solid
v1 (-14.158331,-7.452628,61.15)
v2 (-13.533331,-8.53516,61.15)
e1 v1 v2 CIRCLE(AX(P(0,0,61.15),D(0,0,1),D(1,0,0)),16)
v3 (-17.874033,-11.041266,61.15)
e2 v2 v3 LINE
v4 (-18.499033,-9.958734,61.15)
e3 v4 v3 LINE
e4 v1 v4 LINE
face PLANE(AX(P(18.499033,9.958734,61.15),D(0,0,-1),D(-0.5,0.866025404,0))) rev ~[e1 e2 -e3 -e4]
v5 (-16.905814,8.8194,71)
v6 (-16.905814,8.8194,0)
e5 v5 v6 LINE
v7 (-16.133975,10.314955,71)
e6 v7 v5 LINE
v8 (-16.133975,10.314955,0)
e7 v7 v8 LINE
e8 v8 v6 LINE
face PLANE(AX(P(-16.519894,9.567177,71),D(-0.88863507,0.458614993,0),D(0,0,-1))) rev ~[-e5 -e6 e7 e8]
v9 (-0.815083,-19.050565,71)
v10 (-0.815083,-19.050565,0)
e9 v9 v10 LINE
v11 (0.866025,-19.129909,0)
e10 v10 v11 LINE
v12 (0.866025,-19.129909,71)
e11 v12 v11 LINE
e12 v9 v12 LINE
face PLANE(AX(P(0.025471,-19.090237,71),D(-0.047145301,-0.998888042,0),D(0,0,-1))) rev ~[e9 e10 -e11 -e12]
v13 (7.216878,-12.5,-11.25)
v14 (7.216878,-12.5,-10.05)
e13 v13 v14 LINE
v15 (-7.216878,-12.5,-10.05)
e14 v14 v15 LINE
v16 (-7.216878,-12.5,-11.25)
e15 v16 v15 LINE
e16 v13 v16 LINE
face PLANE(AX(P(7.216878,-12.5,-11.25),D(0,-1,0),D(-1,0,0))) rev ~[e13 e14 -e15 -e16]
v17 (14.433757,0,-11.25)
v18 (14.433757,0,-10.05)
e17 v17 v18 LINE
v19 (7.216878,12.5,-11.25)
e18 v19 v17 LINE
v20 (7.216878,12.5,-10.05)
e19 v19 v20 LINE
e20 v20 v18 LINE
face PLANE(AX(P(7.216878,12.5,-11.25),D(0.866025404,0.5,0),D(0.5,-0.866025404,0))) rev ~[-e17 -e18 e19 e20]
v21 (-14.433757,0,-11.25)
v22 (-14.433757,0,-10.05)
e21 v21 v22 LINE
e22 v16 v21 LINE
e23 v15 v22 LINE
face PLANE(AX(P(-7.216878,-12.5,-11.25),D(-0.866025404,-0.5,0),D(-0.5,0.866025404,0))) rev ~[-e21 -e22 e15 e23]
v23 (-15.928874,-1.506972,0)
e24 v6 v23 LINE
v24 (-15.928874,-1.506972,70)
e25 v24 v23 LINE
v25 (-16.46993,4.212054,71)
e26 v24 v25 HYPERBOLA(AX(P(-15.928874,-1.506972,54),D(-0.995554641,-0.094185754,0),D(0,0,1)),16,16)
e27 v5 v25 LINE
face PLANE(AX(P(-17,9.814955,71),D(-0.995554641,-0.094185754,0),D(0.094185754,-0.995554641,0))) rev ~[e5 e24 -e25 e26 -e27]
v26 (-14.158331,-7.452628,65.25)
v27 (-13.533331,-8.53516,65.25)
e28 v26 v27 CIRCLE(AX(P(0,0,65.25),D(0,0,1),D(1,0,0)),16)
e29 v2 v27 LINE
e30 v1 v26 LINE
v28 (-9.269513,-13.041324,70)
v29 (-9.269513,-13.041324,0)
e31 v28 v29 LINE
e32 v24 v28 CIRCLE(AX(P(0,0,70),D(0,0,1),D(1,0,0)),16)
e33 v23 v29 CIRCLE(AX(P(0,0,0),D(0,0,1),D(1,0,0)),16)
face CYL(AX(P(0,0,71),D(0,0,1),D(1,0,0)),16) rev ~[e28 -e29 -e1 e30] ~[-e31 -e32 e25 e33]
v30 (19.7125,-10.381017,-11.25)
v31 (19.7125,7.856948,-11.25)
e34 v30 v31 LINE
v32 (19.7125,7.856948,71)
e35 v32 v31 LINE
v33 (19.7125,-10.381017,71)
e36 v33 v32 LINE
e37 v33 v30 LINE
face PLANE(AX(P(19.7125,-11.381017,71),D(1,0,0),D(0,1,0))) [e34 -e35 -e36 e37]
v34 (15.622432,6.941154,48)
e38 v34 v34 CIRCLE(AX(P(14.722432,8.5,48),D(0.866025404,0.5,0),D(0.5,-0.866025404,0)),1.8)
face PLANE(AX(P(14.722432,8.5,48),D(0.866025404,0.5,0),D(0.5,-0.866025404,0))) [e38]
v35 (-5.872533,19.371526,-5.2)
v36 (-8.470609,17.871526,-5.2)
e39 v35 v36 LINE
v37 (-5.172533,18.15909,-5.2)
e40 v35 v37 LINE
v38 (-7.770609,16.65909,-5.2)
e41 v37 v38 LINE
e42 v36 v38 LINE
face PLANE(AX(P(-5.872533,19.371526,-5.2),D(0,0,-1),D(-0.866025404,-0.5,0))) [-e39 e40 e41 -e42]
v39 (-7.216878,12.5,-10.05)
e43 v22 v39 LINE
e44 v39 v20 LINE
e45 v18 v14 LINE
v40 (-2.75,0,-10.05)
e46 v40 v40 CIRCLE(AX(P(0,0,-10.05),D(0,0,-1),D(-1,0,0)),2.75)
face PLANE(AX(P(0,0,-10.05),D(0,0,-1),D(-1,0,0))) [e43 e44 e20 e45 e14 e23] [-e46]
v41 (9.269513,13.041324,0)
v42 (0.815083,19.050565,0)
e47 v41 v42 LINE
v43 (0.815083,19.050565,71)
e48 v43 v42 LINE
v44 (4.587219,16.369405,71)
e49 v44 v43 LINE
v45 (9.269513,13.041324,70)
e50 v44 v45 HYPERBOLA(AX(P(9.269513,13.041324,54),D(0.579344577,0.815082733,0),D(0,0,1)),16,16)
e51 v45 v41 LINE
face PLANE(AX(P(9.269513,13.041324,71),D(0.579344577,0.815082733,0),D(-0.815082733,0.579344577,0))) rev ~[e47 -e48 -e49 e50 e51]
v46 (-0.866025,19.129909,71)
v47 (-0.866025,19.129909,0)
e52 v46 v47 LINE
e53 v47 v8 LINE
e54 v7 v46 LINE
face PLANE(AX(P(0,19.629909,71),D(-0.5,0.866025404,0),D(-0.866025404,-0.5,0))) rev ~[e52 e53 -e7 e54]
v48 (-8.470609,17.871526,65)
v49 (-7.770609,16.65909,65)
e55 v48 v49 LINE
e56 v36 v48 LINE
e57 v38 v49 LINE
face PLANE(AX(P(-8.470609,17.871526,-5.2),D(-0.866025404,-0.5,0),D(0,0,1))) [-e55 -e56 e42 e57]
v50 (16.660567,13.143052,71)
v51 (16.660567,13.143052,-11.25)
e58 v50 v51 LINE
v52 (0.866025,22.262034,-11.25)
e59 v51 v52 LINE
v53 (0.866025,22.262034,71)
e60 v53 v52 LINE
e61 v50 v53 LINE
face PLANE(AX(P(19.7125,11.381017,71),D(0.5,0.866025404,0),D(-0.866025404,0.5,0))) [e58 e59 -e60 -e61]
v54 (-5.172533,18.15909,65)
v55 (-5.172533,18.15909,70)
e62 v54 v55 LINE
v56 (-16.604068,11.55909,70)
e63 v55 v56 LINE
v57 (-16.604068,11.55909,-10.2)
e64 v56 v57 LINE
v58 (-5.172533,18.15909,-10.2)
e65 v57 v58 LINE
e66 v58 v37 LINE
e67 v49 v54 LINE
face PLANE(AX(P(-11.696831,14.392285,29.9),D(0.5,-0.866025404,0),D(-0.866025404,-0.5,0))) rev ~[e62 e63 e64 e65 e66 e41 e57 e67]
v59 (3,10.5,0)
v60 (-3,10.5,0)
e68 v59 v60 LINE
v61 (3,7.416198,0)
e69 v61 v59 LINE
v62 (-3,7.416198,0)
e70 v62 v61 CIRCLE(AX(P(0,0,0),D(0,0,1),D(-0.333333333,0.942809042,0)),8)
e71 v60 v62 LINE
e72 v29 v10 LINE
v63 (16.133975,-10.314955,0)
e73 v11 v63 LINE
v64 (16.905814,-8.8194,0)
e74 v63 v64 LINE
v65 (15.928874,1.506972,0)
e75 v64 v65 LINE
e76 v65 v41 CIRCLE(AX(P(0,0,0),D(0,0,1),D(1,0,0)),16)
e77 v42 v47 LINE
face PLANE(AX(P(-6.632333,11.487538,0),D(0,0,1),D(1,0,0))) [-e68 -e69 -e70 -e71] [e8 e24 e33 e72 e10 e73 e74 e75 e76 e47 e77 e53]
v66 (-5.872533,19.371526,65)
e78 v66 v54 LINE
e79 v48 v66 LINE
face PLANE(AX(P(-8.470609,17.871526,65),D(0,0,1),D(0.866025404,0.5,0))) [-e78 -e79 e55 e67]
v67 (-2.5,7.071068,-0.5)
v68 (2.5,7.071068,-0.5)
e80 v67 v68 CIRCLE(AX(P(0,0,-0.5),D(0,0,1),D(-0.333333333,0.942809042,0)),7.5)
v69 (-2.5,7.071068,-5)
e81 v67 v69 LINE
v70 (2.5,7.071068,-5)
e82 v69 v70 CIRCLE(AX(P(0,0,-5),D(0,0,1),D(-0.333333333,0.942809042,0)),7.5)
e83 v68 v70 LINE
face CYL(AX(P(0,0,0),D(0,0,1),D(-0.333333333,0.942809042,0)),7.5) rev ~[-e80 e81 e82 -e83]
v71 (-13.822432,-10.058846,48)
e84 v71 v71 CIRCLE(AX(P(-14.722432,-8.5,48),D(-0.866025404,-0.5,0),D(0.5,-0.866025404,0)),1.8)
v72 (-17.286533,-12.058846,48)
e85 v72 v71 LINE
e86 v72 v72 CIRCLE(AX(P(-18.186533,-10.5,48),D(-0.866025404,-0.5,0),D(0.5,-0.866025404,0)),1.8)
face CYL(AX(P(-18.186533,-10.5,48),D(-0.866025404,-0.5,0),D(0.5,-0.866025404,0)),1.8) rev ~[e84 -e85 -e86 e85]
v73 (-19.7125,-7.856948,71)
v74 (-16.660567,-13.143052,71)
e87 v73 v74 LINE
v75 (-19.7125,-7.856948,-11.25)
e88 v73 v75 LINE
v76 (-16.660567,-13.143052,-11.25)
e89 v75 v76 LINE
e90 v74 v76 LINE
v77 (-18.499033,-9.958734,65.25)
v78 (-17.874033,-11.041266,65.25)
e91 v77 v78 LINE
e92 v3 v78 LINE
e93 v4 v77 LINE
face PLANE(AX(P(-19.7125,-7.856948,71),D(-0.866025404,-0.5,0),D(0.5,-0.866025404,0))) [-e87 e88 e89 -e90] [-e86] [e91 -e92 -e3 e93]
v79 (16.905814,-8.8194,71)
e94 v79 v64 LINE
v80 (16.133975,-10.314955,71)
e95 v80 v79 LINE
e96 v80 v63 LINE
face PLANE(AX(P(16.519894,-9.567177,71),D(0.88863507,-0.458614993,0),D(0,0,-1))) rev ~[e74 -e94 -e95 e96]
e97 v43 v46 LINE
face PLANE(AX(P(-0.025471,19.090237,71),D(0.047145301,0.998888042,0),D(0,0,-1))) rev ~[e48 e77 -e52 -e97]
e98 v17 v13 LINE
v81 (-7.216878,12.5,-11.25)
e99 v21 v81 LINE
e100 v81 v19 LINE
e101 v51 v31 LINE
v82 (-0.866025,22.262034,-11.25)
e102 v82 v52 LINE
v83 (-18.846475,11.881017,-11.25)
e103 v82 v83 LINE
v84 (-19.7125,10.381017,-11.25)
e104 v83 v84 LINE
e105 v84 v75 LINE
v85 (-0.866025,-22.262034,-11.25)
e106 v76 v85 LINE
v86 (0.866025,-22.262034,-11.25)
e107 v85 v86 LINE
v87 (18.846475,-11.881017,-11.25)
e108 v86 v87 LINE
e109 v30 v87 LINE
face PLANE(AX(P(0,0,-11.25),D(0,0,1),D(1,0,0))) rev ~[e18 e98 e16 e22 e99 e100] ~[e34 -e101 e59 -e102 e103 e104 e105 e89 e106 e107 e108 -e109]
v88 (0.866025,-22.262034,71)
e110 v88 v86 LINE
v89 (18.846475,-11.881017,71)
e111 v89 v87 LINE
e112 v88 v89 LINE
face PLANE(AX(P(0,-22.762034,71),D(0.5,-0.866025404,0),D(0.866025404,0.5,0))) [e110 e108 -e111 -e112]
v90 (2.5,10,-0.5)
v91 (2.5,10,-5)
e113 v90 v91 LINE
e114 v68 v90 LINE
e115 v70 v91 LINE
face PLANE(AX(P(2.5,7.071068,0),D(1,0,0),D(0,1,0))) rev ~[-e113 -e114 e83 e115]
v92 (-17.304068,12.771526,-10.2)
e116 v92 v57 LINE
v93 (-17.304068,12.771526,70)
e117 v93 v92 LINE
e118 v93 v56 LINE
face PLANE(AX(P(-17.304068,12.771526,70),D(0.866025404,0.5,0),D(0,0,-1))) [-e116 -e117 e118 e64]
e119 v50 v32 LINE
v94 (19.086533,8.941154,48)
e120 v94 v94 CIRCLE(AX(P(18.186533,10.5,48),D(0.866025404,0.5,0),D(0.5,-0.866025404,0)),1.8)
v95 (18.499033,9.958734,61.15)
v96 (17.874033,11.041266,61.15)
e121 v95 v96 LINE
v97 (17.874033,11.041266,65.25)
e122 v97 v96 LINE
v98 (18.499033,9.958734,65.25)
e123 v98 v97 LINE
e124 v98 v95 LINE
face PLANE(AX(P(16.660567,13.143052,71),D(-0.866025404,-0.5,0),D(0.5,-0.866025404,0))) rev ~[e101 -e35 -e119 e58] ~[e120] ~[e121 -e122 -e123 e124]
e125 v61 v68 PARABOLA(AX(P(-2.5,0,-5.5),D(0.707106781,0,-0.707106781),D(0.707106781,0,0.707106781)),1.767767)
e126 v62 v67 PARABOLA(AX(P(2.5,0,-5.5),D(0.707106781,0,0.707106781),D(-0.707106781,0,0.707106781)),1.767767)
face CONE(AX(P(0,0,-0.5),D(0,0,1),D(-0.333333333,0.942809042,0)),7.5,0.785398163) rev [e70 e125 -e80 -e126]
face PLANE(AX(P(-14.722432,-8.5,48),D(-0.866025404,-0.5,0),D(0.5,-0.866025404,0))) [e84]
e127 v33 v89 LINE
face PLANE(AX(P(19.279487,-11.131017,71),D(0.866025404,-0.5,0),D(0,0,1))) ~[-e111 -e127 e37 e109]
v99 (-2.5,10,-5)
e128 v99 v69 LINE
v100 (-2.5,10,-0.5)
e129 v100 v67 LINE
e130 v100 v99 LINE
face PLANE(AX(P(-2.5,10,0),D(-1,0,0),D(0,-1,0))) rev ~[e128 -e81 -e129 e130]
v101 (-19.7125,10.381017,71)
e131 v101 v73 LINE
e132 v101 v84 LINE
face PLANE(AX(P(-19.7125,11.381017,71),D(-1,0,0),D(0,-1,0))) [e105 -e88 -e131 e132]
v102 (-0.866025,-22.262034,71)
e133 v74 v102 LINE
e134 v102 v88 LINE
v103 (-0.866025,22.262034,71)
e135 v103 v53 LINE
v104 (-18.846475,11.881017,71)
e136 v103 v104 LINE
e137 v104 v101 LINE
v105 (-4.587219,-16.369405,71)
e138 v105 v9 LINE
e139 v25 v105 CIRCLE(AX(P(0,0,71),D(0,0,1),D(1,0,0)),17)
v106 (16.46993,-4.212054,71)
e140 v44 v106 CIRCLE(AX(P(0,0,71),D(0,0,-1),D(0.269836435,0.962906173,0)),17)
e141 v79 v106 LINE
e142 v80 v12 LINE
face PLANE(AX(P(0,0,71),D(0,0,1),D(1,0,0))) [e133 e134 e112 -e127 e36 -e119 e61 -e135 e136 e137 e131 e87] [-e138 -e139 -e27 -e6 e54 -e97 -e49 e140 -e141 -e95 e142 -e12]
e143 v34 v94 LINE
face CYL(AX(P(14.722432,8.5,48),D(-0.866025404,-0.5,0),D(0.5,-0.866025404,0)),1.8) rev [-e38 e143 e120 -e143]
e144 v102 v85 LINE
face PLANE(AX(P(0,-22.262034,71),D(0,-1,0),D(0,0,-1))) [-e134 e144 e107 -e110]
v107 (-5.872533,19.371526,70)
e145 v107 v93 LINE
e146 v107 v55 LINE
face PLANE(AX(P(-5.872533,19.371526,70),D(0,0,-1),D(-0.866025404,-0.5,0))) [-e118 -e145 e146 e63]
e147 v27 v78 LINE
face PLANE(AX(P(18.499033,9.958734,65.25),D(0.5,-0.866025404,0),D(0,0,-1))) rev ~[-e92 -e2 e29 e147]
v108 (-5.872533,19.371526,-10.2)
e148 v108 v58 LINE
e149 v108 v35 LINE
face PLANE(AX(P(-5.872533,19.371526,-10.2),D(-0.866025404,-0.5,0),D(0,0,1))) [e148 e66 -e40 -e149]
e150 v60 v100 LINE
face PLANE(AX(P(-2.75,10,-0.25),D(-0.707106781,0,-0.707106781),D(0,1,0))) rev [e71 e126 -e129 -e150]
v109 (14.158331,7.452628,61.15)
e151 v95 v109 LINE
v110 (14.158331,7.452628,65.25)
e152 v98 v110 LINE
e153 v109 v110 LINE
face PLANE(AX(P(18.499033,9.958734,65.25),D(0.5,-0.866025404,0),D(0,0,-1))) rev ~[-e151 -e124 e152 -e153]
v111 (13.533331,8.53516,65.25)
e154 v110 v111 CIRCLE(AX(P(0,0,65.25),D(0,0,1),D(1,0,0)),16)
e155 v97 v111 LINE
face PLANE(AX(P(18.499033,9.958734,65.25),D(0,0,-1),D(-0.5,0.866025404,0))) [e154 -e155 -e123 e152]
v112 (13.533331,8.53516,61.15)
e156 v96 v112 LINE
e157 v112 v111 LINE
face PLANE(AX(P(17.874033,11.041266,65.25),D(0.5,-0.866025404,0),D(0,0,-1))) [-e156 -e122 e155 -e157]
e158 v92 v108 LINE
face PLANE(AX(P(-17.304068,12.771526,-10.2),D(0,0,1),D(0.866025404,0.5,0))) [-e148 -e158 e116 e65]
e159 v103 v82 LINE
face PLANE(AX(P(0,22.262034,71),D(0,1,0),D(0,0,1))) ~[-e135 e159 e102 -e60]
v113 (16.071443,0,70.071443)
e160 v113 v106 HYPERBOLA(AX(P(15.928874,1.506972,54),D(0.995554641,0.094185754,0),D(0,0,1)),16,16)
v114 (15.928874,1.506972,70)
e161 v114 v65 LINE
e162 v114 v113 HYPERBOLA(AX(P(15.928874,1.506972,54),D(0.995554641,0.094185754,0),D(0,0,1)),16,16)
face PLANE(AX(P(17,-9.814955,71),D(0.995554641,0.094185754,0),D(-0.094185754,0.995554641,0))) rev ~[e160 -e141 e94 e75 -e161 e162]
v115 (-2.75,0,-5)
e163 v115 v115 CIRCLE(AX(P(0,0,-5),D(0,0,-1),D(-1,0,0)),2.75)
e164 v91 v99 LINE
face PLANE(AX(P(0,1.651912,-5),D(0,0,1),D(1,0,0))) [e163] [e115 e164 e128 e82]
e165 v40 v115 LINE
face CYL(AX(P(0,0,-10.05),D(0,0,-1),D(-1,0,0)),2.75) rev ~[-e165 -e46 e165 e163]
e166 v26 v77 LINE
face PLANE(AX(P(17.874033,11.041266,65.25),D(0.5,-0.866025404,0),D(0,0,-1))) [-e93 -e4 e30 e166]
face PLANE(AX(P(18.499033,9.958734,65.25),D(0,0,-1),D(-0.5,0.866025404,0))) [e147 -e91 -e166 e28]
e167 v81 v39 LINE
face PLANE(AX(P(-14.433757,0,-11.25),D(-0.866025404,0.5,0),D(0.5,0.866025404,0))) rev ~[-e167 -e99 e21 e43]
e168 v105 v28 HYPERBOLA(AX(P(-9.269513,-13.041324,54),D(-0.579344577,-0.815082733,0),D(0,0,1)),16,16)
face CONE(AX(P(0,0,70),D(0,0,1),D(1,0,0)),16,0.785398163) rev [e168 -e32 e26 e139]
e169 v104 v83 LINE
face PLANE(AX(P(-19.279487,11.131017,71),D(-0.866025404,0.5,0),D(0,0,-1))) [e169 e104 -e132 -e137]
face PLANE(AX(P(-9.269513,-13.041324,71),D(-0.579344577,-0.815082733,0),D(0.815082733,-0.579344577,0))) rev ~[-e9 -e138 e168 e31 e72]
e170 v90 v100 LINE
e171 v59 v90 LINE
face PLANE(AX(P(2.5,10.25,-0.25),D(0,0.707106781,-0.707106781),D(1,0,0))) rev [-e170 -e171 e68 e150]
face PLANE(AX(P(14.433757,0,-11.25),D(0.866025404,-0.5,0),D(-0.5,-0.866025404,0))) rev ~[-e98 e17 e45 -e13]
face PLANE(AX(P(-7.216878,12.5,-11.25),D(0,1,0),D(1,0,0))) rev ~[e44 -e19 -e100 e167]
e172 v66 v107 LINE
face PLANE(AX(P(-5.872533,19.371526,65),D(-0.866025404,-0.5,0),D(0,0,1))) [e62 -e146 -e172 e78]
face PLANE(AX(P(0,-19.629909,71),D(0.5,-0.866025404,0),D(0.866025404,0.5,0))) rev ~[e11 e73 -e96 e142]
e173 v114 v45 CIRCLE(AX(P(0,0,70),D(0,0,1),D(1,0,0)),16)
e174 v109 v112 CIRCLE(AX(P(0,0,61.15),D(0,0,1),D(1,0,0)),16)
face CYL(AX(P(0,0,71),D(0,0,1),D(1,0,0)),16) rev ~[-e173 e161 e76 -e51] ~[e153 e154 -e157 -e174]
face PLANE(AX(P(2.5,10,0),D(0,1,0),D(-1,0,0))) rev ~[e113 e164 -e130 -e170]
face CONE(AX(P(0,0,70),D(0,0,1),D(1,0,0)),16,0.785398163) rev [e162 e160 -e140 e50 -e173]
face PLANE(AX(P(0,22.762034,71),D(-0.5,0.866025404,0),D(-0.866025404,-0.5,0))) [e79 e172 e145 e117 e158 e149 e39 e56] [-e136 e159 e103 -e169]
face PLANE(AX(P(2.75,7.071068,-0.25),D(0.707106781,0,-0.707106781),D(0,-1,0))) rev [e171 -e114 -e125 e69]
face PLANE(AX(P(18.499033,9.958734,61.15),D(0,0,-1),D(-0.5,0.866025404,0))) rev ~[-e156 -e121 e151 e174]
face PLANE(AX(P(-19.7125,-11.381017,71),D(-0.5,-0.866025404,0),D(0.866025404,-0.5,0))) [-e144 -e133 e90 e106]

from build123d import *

# Parameters (mm, degrees)
SKETCH2_R               = 16
BOSS_EXTRUDE1_DEPTH     = 82.25
CUT_EXTRUDE1_DEPTH      = 97.457244414
CUT_EXTRUDE1_DEPTH_BACK = 97.457244414
SKETCH3_W               = 152.01959988
SKETCH3_H               = 124.433031562
CUT_EXTRUDE2_DEPTH      = 1.4
CHAMFER2_SIZE           = 1
CHAMFER3_SIZE           = 1
CUT_EXTRUDE3_DEPTH      = 71
CHAMFER4_SIZE           = 1
CUT_EXTRUDE4_DEPTH      = 1.2
SKETCH8_R               = 2.75
CUT_EXTRUDE5_DEPTH      = 87.332400234
CUT_EXTRUDE7_DEPTH      = 5
CHAMFER5_SIZE           = 0.5
CUT_EXTRUDE8_DEPTH      = 88.459952722
SKETCH12_R              = 1.8
CUT_EXTRUDE9_DEPTH      = 4
CUT_EXTRUDE10_START     = -4
SKETCH13_R              = 1.8
CUT_EXTRUDE10_DEPTH     = 4
SKETCH14_W              = 4.1
SKETCH14_H              = 1.25
CUT_EXTRUDE11_DEPTH     = 87.894692785


with BuildPart() as part:
    # Sketch1 → Revolve1 (revolve)
    with BuildSketch(Plane(origin=(0, 0, 0), x_dir=(1, 0, 0), z_dir=(0, 1, 0))):
        Polygon((0, 0), (16.125, 0), (16.125, -71), (19.65, -71), (19.65, 68), (24.95, 68), (24.95, 73), (28.1, 73), (28.1, 68), (42, 68), (42, 76), (16.65, 76), (16.65, 18.004366875), (12.193967069, 18.004366875), (12.193967069, 24.882682167), (0, 24.882682167), align=None)
    revolve(axis=Axis((0, 0, 39.840023079), (0, 0, -1)))

    # Sketch2 → Boss-Extrude1 (add)
    with BuildSketch(Plane.XY.offset(71)):
        Polygon((0, 22.762034363), (-19.7125, 11.381017181), (-19.7125, -11.381017181), (0, -22.762034363), (19.7125, -11.381017181), (19.7125, 11.381017181), align=None)
        Circle(SKETCH2_R, mode=Mode.SUBTRACT)
    extrude(amount=-BOSS_EXTRUDE1_DEPTH)

    # Sketch3 → Cut-Extrude1 (cut, two sides: drawn at the far end of the back side and taken through both)
    with BuildSketch(Plane(origin=(0, 0, 0), x_dir=(1, 0, 0), z_dir=(0, 1, 0)).offset(-CUT_EXTRUDE1_DEPTH_BACK)):
        with Locations((6.162956752, 73.466515781)):
            Rectangle(SKETCH3_W, SKETCH3_H)
    extrude(amount=CUT_EXTRUDE1_DEPTH + CUT_EXTRUDE1_DEPTH_BACK, mode=Mode.SUBTRACT)

    # Sketch4 → Cut-Extrude2 (cut)
    with BuildSketch(Plane(origin=(-9.85625, 17.071525772, 0), x_dir=(0.8660254037844386, 0.5000000000000003, 0), z_dir=(-0.5000000000000002, 0.8660254037844385, 0))):
        Polygon((-8.6, 10.2), (4.6, 10.2), (4.6, 5.2), (1.6, 5.2), (1.6, -65), (4.6, -65), (4.6, -70), (-8.6, -70), align=None)
    extrude(amount=-CUT_EXTRUDE2_DEPTH, mode=Mode.SUBTRACT)

    # Chamfer2
    chamfer2_edges = [part.edges().sort_by_distance(p)[0] for p in [
        (0, 22.762034363, 29.875),
        (19.7125, 11.381017181, 29.875),
        (19.7125, -11.381017181, 29.875),
        (0, -22.762034363, 29.875),
        (-19.7125, -11.381017181, 29.875),
        (-19.7125, 11.381017181, 29.875),
    ]]
    chamfer(chamfer2_edges, length=CHAMFER2_SIZE)

    # Chamfer3
    chamfer3_edges = [part.edges().sort_by_distance(p)[0] for p in [
        (-16, 0, 71),
    ]]
    chamfer(chamfer3_edges, length=CHAMFER3_SIZE)

    # Sketch5 → Cut-Extrude3 (cut)
    with BuildSketch(Plane.XY.offset(71)):
        with BuildLine():
            Line((-17, 9.814954576), (-15.92887426, -1.50697207))
            ThreePointArc((-15.92887426, -1.50697207), (-8, 13.85640646), (9.269513225, 13.041323728))
            Line((9.269513225, 13.041323728), (0, 19.629909152))
            Line((0, 19.629909152), (-17, 9.814954576))
        make_face()
        with BuildLine():
            Line((0, -19.629909152), (17, -9.814954576))
            Line((17, -9.814954576), (15.92887426, 1.50697207))
            ThreePointArc((15.92887426, 1.50697207), (8, -13.856406461), (-9.269513225, -13.041323728))
            Line((-9.269513225, -13.041323728), (0, -19.629909152))
        make_face()
    extrude(amount=-CUT_EXTRUDE3_DEPTH, mode=Mode.SUBTRACT)

    # Chamfer4
    chamfer4_edges = [part.edges().sort_by_distance(p)[0] for p in [
        (0, -19.629909152, 35.5),
        (17, -9.814954576, 35.5),
        (0, 19.629909152, 35.5),
        (-17, 9.814954576, 35.5),
    ]]
    chamfer(chamfer4_edges, length=CHAMFER4_SIZE)

    # Sketch6 → Cut-Extrude4 (cut)
    with BuildSketch(Plane(origin=(0, 0, -11.25), x_dir=(-1, 0, 0), z_dir=(0, 0, -1))):
        Polygon((-7.216878365, 12.5), (-14.43375673, 0), (-7.216878365, -12.5), (7.216878365, -12.5), (14.43375673, 0), (7.216878365, 12.5), align=None)
    extrude(amount=-CUT_EXTRUDE4_DEPTH, mode=Mode.SUBTRACT)

    # Sketch8 → Cut-Extrude5 (cut, through all)
    with BuildSketch(Plane(origin=(0, 0, -10.05), x_dir=(-1, 0, 0), z_dir=(0, 0, -1))):
        Circle(SKETCH8_R)
    extrude(amount=-CUT_EXTRUDE5_DEPTH, mode=Mode.SUBTRACT)

    # Sketch10 → Cut-Extrude7 (cut)
    with BuildSketch(Plane.XY):
        with BuildLine():
            Line((2.5, 10), (-2.5, 10))
            Line((-2.5, 10), (-2.5, 7.071067812))
            ThreePointArc((-2.5, 7.071067812), (0, -7.5), (2.5, 7.071067812))
            Line((2.5, 7.071067812), (2.5, 10))
        make_face()
    extrude(amount=-CUT_EXTRUDE7_DEPTH, mode=Mode.SUBTRACT)

    # Chamfer5
    chamfer5_edges = [part.edges().sort_by_distance(p)[0] for p in [
        (0, -7.5, 0),
        (2.5, 8.535533906, 0),
        (0, 10, 0),
        (-2.5, 8.535533906, 0),
    ]]
    chamfer(chamfer5_edges, length=CHAMFER5_SIZE)

    # Sketch11 → Cut-Extrude8 (cut, through all)
    with BuildSketch(Plane.XY.offset(71)):
        Polygon((19.7125, 11.381017181), (16.660566959, 13.143051544), (19.7125, 7.856948456), align=None)
        Polygon((-16.660566959, -13.143051544), (-19.7125, -11.381017181), (-19.7125, -7.856948456), align=None)
    extrude(amount=-CUT_EXTRUDE8_DEPTH, mode=Mode.SUBTRACT)

    # Sketch12 → Cut-Extrude9 (cut)
    with BuildSketch(Plane(origin=(-18.186533479, -10.5, 0), x_dir=(0, 0, 1), z_dir=(-0.8660254037844382, -0.500000000000001, 0))):
        with Locations(Location((48, 0, 0), (0, 0, 270))):
            Circle(SKETCH12_R)
    extrude(amount=-CUT_EXTRUDE9_DEPTH, mode=Mode.SUBTRACT)

    # Sketch13 → Cut-Extrude10 (cut)
    with BuildSketch(Plane(origin=(18.186533479, 10.5, 0), x_dir=(0, 0, -1), z_dir=(0.8660254037844387, 0.4999999999999999, 0)).offset(CUT_EXTRUDE10_START)):
        with Locations(Location((-48, 0, 0), (0, 0, 270))):
            Circle(SKETCH13_R)
    extrude(amount=CUT_EXTRUDE10_DEPTH, mode=Mode.SUBTRACT)

    # Sketch14 → Cut-Extrude11 (cut, through all)
    with BuildSketch(Plane(origin=(18.186533479, 10.5, 0), x_dir=(0, 0, -1), z_dir=(0.8660254037844387, 0.4999999999999999, 0))):
        with Locations((-63.2, 0)):
            Rectangle(SKETCH14_W, SKETCH14_H)
    extrude(amount=-CUT_EXTRUDE11_DEPTH, mode=Mode.SUBTRACT)


solid = part.part
